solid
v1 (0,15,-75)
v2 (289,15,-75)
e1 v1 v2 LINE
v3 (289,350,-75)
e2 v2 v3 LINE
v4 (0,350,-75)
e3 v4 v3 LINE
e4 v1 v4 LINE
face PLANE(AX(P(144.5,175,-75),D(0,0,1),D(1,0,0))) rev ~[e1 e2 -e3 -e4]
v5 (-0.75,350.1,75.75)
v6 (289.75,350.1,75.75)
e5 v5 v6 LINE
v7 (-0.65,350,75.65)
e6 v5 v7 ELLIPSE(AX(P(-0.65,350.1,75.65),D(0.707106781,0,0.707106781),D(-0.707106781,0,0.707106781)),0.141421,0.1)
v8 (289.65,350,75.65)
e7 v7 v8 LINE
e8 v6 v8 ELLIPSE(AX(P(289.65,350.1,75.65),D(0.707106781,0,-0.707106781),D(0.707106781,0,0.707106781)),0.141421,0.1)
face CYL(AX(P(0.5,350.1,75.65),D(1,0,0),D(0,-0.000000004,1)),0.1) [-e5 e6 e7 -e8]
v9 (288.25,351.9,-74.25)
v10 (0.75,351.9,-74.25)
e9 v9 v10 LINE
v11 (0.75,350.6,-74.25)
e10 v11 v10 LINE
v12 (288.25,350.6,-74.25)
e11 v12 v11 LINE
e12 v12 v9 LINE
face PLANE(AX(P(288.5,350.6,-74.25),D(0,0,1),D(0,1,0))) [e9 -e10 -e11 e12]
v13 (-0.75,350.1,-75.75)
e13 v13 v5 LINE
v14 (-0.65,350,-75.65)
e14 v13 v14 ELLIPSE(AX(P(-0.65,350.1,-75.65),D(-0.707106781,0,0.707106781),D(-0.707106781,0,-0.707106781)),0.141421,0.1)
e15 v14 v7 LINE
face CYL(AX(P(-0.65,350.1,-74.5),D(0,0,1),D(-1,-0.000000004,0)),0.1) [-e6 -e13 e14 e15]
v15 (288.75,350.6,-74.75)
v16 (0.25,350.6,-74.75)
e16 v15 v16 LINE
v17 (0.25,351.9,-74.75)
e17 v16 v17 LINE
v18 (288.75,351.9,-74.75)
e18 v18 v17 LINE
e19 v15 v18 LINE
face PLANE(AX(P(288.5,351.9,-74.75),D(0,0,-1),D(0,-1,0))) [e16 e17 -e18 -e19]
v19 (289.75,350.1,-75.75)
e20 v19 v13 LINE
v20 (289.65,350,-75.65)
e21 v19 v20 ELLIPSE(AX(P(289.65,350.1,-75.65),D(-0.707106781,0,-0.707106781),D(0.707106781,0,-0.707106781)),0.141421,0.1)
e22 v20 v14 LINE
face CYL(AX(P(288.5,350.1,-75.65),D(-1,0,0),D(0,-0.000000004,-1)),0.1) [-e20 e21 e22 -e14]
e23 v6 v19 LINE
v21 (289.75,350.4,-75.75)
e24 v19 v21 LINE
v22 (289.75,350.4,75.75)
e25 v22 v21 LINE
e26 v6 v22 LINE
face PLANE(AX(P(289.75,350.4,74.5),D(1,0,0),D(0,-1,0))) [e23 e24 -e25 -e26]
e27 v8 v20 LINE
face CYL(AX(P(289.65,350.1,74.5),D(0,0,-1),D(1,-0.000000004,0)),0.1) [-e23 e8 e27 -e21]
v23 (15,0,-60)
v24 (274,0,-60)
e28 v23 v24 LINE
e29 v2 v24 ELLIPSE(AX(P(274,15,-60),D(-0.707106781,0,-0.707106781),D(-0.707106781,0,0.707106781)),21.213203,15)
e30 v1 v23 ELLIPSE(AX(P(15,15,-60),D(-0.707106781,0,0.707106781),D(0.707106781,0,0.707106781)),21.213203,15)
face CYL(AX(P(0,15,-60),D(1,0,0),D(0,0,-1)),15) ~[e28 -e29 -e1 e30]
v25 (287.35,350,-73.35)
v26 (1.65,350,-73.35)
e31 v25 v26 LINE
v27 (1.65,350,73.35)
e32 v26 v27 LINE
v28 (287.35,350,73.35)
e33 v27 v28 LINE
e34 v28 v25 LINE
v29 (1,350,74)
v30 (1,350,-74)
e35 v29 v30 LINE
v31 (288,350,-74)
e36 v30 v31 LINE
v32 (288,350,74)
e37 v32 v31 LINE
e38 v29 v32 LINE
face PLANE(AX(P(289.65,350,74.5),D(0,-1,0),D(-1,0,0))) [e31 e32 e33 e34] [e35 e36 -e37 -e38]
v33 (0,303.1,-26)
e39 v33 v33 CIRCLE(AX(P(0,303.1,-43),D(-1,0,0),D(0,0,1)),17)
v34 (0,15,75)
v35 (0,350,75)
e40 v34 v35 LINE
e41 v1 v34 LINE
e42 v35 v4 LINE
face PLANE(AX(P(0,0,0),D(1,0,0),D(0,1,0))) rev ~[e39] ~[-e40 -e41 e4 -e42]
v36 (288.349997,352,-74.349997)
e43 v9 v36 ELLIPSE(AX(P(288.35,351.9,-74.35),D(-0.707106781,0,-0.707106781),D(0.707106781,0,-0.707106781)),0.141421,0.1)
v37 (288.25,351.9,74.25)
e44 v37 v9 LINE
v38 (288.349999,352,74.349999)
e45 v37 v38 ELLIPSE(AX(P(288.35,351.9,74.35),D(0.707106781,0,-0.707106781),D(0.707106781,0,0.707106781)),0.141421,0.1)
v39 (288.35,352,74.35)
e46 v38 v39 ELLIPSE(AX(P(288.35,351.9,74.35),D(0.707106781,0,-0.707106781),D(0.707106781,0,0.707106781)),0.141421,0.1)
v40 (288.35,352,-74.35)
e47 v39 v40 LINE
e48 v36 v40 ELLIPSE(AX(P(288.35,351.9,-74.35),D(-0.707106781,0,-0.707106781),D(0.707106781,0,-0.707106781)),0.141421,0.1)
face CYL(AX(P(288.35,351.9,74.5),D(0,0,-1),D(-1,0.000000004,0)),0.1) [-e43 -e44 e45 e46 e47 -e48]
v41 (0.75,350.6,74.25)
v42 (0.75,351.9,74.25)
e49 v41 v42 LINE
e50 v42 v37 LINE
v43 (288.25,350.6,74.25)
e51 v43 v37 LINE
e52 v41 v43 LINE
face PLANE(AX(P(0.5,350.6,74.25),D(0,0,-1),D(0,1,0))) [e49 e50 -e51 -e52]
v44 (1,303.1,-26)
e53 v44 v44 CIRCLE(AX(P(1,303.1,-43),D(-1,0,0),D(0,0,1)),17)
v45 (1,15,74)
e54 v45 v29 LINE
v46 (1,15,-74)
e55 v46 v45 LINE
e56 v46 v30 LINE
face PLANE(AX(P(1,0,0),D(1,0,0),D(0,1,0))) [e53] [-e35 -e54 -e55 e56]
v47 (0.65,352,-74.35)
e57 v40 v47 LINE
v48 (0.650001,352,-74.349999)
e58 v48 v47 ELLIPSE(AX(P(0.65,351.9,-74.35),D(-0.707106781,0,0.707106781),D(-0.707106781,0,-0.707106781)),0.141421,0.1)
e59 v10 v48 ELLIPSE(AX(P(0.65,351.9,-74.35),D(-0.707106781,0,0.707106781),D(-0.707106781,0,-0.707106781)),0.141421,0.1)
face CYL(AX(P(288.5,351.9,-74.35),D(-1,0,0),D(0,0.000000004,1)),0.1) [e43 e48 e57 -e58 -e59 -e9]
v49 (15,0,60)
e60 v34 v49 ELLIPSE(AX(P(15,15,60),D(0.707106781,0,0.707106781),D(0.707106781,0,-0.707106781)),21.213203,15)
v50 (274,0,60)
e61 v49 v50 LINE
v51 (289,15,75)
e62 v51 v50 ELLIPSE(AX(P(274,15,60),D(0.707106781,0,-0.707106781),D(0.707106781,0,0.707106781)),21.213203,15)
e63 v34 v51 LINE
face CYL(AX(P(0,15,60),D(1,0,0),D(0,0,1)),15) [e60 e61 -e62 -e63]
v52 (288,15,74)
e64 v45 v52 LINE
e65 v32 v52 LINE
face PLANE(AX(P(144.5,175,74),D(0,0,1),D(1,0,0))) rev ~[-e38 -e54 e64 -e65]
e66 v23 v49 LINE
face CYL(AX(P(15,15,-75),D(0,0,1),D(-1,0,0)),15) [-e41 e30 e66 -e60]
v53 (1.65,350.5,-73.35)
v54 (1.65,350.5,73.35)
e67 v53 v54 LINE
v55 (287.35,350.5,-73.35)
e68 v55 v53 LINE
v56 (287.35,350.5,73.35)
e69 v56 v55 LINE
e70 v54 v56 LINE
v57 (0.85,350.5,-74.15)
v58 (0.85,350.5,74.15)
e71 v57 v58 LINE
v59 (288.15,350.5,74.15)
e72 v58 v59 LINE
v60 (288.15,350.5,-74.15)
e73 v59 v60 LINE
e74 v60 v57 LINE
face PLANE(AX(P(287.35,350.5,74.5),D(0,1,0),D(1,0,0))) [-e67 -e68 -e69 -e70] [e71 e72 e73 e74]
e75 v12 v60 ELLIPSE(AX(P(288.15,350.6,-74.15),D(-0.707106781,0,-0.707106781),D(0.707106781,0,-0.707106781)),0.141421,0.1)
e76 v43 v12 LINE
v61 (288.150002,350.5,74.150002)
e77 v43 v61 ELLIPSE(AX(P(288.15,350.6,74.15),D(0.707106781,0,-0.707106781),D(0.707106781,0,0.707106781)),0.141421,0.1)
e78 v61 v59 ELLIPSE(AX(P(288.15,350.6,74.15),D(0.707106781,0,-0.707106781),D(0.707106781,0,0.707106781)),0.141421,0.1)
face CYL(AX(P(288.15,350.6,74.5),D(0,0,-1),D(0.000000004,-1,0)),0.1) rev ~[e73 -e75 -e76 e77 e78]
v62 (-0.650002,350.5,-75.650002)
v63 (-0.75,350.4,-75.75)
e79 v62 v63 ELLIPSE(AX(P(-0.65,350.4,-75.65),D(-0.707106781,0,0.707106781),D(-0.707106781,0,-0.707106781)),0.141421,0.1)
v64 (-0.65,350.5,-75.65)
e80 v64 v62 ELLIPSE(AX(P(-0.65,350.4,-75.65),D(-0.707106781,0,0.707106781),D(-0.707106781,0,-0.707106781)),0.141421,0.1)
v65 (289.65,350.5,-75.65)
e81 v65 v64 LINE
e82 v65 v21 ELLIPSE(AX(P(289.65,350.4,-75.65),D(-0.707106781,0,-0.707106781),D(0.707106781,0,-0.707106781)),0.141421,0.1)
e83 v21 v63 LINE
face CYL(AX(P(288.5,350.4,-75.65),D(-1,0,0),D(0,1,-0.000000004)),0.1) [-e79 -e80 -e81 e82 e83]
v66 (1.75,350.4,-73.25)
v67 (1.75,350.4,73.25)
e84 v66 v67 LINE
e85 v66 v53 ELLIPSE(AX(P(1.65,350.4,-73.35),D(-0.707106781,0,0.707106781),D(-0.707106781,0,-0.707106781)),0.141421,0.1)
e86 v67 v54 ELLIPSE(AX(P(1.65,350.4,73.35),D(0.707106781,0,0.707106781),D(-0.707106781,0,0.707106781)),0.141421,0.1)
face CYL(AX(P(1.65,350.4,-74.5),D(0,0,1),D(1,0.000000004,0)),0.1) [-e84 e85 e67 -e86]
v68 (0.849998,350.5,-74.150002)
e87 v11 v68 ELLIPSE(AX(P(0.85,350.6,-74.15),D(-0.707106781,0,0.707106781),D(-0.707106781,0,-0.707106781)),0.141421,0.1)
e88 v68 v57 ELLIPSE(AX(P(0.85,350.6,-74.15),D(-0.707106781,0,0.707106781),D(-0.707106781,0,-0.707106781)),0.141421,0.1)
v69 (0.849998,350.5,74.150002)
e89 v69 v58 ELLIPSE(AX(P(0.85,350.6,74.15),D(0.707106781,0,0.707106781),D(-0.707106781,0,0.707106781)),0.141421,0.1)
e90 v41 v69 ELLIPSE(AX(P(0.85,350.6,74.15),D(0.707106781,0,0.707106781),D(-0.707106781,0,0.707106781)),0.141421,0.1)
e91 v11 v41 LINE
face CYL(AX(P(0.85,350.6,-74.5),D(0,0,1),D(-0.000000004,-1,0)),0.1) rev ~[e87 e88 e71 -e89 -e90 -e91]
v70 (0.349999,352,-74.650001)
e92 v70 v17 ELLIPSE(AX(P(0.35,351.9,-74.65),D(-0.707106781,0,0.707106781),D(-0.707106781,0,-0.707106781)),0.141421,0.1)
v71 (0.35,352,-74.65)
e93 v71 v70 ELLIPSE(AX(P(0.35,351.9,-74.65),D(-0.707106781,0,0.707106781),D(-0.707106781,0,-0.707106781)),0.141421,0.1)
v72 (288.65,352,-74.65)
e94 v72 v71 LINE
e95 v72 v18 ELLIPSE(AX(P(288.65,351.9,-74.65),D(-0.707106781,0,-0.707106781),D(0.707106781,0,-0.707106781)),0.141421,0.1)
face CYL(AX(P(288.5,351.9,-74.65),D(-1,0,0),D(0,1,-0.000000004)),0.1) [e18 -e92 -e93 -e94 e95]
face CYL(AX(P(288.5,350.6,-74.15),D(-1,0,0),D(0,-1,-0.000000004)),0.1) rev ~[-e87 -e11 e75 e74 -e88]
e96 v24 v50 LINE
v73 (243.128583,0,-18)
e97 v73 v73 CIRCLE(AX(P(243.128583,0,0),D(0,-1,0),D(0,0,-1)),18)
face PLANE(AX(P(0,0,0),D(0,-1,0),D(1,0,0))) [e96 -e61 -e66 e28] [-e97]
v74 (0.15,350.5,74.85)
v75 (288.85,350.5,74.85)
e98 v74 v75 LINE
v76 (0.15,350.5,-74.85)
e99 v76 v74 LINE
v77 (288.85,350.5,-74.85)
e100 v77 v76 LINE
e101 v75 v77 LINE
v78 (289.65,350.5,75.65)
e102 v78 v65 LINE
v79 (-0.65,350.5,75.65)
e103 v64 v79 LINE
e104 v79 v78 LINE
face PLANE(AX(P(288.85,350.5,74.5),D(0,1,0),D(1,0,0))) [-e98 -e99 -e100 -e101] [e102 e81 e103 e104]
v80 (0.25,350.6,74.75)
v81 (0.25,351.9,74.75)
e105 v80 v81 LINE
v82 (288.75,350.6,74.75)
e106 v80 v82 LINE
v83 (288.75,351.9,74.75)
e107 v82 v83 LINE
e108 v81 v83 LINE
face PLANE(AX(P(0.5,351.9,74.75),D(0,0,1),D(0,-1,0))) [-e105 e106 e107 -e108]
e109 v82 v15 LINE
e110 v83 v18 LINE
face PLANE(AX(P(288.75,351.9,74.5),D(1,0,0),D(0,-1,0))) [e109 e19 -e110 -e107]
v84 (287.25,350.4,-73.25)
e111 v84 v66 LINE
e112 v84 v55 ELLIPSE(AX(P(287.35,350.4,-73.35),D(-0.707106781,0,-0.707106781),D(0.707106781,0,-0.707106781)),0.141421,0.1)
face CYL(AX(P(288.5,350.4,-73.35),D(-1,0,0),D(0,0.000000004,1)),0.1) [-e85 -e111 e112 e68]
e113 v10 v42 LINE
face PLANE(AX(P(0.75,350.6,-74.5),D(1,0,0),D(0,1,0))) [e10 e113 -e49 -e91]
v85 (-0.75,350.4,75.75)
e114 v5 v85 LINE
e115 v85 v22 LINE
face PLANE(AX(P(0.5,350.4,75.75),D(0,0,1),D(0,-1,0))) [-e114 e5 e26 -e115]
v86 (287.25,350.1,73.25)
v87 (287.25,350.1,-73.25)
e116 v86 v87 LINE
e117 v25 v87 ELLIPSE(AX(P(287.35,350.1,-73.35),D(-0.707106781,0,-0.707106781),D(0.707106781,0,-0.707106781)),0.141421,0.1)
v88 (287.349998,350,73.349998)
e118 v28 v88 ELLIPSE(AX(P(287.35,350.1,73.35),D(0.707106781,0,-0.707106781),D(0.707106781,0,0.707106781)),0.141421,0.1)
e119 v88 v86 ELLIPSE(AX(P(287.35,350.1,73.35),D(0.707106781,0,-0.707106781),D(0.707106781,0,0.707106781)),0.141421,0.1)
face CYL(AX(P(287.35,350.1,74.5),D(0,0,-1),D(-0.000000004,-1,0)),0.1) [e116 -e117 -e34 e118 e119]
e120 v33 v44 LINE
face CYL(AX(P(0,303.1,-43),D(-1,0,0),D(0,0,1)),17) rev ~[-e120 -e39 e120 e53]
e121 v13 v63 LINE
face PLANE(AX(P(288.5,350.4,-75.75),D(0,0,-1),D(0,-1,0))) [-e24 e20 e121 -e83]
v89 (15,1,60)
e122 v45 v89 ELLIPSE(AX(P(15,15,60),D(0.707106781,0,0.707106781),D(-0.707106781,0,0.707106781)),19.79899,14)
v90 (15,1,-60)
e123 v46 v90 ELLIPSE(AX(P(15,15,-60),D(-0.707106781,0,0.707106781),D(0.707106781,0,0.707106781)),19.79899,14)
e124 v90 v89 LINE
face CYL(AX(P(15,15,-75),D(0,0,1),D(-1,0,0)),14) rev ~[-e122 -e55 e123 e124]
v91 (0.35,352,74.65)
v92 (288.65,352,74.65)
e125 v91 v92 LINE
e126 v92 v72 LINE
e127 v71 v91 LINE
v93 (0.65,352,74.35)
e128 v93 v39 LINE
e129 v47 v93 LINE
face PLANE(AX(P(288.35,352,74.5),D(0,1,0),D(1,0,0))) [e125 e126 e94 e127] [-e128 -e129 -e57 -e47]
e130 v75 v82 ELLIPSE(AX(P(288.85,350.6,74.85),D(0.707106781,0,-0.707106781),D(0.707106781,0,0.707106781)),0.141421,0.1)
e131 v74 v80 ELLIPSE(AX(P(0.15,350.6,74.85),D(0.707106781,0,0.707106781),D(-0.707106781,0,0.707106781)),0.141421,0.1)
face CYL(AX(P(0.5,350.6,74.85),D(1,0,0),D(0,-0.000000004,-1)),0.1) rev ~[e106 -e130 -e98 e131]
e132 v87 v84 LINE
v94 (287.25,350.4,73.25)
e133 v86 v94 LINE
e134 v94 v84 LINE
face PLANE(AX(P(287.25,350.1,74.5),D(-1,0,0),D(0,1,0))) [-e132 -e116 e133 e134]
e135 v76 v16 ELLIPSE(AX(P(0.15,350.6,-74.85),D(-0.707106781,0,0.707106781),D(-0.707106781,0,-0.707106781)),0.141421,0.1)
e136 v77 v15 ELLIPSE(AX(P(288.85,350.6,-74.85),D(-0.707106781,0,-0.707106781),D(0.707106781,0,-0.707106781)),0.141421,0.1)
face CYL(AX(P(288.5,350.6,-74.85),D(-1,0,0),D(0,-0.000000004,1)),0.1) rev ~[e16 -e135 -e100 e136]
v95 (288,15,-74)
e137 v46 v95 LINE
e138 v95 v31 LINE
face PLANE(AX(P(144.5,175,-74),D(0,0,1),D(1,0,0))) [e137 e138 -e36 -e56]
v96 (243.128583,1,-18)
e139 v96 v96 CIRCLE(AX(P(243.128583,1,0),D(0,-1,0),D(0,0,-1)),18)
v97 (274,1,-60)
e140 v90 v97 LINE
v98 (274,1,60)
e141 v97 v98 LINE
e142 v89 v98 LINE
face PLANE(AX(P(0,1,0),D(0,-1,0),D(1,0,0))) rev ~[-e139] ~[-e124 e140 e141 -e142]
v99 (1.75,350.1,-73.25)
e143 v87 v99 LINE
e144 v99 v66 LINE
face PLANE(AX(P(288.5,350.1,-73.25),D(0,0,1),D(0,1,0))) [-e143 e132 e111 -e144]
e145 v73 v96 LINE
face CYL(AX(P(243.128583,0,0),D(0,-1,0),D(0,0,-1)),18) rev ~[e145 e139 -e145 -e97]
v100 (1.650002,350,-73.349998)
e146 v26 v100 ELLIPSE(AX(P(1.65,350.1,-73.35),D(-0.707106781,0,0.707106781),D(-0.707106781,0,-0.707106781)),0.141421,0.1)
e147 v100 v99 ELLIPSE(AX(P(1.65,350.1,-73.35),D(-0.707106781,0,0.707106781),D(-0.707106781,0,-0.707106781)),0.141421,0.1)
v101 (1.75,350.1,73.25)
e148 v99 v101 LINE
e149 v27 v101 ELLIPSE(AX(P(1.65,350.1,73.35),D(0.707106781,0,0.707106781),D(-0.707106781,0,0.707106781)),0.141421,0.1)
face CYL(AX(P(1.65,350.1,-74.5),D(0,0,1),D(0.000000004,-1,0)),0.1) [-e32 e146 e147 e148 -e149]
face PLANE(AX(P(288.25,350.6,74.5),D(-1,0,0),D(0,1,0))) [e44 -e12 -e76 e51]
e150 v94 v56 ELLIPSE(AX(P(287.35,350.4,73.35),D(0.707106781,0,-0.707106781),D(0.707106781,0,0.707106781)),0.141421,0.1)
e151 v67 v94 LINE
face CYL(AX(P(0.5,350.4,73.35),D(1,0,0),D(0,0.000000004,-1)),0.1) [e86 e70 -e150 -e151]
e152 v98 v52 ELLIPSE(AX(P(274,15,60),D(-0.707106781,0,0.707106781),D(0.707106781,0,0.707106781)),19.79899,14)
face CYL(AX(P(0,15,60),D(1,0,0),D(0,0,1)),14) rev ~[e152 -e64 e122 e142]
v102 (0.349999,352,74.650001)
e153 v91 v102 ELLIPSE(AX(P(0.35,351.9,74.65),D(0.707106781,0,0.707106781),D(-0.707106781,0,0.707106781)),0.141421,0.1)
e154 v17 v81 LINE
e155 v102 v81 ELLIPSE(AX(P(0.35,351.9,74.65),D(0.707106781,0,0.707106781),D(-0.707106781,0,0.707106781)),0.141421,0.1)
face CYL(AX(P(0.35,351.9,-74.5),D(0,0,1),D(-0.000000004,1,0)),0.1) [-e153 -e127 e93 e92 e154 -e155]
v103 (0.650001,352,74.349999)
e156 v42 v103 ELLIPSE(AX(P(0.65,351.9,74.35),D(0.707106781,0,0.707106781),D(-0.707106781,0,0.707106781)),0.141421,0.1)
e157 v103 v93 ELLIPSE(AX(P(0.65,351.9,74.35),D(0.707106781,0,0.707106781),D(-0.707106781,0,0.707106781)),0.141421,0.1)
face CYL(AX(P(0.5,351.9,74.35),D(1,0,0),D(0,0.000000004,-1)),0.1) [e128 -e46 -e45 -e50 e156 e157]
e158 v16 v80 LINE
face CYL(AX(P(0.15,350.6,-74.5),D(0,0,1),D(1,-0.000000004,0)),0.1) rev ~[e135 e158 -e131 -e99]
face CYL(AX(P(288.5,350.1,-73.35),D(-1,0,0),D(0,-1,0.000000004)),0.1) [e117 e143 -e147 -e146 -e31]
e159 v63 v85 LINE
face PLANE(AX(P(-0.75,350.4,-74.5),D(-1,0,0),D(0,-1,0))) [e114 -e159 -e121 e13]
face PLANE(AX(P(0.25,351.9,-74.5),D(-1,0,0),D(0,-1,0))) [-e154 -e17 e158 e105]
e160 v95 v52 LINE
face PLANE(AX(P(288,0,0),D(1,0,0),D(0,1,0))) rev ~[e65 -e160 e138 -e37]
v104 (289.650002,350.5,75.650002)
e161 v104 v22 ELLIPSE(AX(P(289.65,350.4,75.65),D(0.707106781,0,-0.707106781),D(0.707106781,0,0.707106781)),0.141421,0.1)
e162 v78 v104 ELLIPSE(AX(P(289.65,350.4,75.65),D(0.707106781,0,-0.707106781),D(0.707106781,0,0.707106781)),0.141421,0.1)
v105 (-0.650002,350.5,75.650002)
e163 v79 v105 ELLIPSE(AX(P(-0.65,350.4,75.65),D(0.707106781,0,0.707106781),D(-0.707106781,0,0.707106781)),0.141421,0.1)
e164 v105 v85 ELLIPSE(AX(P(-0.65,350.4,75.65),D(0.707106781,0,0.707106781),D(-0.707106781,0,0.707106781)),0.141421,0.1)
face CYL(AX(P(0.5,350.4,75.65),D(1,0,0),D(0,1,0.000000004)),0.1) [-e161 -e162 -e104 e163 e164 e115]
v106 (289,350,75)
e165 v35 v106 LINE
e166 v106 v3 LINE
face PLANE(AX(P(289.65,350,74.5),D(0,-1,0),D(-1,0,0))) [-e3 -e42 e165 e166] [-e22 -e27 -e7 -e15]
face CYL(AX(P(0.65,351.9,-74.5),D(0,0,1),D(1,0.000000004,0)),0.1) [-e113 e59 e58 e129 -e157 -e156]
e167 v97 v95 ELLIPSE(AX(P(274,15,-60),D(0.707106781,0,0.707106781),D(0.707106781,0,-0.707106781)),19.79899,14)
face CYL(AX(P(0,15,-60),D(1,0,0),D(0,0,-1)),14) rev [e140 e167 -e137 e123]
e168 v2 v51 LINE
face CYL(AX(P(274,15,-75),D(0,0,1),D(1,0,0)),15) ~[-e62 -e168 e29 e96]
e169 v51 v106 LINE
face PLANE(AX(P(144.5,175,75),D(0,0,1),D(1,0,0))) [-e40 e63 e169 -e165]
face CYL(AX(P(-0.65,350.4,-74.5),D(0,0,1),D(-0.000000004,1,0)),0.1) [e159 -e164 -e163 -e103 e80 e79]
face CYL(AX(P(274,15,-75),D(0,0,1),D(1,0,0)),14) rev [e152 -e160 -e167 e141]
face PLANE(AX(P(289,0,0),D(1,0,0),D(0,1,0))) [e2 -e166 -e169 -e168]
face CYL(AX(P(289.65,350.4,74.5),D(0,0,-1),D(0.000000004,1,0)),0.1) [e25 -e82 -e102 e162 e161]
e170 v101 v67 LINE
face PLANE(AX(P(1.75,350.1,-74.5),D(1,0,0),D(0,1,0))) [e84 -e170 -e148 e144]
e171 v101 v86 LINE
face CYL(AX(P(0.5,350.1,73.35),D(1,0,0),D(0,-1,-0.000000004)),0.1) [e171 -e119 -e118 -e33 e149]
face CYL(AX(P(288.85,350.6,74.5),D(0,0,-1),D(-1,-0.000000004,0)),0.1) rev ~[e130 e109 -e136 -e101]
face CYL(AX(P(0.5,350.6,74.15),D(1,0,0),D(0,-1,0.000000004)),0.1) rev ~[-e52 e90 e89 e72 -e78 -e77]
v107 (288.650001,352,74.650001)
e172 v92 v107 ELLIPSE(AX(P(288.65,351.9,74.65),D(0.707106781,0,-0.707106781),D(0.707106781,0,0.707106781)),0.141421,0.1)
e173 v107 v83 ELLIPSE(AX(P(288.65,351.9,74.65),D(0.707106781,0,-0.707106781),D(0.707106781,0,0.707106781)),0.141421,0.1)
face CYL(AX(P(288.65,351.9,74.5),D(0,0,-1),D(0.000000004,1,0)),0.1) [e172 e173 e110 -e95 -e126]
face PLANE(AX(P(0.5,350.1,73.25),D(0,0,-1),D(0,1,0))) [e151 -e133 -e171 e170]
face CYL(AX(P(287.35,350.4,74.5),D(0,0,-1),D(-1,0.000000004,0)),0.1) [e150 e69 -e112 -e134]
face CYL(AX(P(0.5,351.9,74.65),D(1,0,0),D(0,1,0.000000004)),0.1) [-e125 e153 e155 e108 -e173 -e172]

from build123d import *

# Parameters (mm, degrees)
SKETCH1_W           = 289
SKETCH1_H           = 350
BOSS_EXTRUDE1_DEPTH = 75
FILLET1_R           = 15
SHELL1_T            = -1
SKETCH5_R           = 18
CUT_EXTRUDE1_DEPTH  = 10
SKETCH6_R           = 17
CUT_EXTRUDE2_DEPTH  = 10


with BuildPart() as part:
    # Sketch1 → Boss-Extrude1 (new, symmetric)
    with BuildSketch(Plane.XY):
        with Locations((144.5, 175)):
            Rectangle(SKETCH1_W, SKETCH1_H)
    extrude(amount=BOSS_EXTRUDE1_DEPTH, both=True)

    # Fillet1
    fillet1_edges = [part.edges().sort_by_distance(p)[0] for p in [
        (144.5, 0, 75),
        (289, 0, 0),
        (0, 0, 0),
        (144.5, 0, -75),
    ]]
    fillet(fillet1_edges, radius=FILLET1_R)

    # Shell1
    shell1_openings = [part.faces().sort_by_distance(p)[0] for p in [
        (144.5, 350, 0),
    ]]
    offset(amount=SHELL1_T, openings=shell1_openings)

    # Sweep1: sweep along a path in Sketch3
    with BuildLine(Plane(origin=(0, 350, 0), x_dir=(1, 0, 0), z_dir=(0, 1, 0))) as sweep1_path:
        Line((288.5, -74.5), (288.5, 74.5))
        Line((288.5, 74.5), (0.5, 74.5))
        Line((0.5, 74.5), (0.5, -74.5))
        Line((0.5, -74.5), (288.5, -74.5))
    # Sketch4 → Sweep1 (sweep)
    with BuildSketch(Plane.XY):
        with BuildLine():
            Line((-0.65, 350), (1.65, 350))
            ThreePointArc((1.65, 350), (1.720710678, 350.029289322), (1.75, 350.1))
            Line((1.75, 350.1), (1.75, 350.4))
            ThreePointArc((1.75, 350.4), (1.720710678, 350.470710678), (1.65, 350.5))
            Line((1.65, 350.5), (0.85, 350.5))
            ThreePointArc((0.85, 350.5), (0.779289322, 350.529289322), (0.75, 350.6))
            Line((0.75, 350.6), (0.75, 351.9))
            ThreePointArc((0.75, 351.9), (0.720710678, 351.970710678), (0.65, 352))
            Line((0.65, 352), (0.35, 352))
            ThreePointArc((0.35, 352), (0.279289322, 351.970710678), (0.25, 351.9))
            Line((0.25, 351.9), (0.25, 350.6))
            ThreePointArc((0.25, 350.6), (0.220710678, 350.529289322), (0.15, 350.5))
            Line((0.15, 350.5), (-0.65, 350.5))
            ThreePointArc((-0.65, 350.5), (-0.720710678, 350.470710678), (-0.75, 350.4))
            Line((-0.75, 350.4), (-0.75, 350.1))
            ThreePointArc((-0.75, 350.1), (-0.720710678, 350.029289322), (-0.65, 350))
        make_face()
    sweep(path=sweep1_path.line, transition=Transition.RIGHT)

    # Sketch5 → Cut-Extrude1 (cut)
    with BuildSketch(Plane.XZ):
        with Locations(Location((243.128583469, 0, 0), (0, 0, 270))):
            Circle(SKETCH5_R)
    extrude(amount=-CUT_EXTRUDE1_DEPTH, mode=Mode.SUBTRACT)

    # Sketch6 → Cut-Extrude2 (cut)
    with BuildSketch(Plane.ZY):
        with Locations((-43, 303.1)):
            Circle(SKETCH6_R)
    extrude(amount=-CUT_EXTRUDE2_DEPTH, mode=Mode.SUBTRACT)


solid = part.part
